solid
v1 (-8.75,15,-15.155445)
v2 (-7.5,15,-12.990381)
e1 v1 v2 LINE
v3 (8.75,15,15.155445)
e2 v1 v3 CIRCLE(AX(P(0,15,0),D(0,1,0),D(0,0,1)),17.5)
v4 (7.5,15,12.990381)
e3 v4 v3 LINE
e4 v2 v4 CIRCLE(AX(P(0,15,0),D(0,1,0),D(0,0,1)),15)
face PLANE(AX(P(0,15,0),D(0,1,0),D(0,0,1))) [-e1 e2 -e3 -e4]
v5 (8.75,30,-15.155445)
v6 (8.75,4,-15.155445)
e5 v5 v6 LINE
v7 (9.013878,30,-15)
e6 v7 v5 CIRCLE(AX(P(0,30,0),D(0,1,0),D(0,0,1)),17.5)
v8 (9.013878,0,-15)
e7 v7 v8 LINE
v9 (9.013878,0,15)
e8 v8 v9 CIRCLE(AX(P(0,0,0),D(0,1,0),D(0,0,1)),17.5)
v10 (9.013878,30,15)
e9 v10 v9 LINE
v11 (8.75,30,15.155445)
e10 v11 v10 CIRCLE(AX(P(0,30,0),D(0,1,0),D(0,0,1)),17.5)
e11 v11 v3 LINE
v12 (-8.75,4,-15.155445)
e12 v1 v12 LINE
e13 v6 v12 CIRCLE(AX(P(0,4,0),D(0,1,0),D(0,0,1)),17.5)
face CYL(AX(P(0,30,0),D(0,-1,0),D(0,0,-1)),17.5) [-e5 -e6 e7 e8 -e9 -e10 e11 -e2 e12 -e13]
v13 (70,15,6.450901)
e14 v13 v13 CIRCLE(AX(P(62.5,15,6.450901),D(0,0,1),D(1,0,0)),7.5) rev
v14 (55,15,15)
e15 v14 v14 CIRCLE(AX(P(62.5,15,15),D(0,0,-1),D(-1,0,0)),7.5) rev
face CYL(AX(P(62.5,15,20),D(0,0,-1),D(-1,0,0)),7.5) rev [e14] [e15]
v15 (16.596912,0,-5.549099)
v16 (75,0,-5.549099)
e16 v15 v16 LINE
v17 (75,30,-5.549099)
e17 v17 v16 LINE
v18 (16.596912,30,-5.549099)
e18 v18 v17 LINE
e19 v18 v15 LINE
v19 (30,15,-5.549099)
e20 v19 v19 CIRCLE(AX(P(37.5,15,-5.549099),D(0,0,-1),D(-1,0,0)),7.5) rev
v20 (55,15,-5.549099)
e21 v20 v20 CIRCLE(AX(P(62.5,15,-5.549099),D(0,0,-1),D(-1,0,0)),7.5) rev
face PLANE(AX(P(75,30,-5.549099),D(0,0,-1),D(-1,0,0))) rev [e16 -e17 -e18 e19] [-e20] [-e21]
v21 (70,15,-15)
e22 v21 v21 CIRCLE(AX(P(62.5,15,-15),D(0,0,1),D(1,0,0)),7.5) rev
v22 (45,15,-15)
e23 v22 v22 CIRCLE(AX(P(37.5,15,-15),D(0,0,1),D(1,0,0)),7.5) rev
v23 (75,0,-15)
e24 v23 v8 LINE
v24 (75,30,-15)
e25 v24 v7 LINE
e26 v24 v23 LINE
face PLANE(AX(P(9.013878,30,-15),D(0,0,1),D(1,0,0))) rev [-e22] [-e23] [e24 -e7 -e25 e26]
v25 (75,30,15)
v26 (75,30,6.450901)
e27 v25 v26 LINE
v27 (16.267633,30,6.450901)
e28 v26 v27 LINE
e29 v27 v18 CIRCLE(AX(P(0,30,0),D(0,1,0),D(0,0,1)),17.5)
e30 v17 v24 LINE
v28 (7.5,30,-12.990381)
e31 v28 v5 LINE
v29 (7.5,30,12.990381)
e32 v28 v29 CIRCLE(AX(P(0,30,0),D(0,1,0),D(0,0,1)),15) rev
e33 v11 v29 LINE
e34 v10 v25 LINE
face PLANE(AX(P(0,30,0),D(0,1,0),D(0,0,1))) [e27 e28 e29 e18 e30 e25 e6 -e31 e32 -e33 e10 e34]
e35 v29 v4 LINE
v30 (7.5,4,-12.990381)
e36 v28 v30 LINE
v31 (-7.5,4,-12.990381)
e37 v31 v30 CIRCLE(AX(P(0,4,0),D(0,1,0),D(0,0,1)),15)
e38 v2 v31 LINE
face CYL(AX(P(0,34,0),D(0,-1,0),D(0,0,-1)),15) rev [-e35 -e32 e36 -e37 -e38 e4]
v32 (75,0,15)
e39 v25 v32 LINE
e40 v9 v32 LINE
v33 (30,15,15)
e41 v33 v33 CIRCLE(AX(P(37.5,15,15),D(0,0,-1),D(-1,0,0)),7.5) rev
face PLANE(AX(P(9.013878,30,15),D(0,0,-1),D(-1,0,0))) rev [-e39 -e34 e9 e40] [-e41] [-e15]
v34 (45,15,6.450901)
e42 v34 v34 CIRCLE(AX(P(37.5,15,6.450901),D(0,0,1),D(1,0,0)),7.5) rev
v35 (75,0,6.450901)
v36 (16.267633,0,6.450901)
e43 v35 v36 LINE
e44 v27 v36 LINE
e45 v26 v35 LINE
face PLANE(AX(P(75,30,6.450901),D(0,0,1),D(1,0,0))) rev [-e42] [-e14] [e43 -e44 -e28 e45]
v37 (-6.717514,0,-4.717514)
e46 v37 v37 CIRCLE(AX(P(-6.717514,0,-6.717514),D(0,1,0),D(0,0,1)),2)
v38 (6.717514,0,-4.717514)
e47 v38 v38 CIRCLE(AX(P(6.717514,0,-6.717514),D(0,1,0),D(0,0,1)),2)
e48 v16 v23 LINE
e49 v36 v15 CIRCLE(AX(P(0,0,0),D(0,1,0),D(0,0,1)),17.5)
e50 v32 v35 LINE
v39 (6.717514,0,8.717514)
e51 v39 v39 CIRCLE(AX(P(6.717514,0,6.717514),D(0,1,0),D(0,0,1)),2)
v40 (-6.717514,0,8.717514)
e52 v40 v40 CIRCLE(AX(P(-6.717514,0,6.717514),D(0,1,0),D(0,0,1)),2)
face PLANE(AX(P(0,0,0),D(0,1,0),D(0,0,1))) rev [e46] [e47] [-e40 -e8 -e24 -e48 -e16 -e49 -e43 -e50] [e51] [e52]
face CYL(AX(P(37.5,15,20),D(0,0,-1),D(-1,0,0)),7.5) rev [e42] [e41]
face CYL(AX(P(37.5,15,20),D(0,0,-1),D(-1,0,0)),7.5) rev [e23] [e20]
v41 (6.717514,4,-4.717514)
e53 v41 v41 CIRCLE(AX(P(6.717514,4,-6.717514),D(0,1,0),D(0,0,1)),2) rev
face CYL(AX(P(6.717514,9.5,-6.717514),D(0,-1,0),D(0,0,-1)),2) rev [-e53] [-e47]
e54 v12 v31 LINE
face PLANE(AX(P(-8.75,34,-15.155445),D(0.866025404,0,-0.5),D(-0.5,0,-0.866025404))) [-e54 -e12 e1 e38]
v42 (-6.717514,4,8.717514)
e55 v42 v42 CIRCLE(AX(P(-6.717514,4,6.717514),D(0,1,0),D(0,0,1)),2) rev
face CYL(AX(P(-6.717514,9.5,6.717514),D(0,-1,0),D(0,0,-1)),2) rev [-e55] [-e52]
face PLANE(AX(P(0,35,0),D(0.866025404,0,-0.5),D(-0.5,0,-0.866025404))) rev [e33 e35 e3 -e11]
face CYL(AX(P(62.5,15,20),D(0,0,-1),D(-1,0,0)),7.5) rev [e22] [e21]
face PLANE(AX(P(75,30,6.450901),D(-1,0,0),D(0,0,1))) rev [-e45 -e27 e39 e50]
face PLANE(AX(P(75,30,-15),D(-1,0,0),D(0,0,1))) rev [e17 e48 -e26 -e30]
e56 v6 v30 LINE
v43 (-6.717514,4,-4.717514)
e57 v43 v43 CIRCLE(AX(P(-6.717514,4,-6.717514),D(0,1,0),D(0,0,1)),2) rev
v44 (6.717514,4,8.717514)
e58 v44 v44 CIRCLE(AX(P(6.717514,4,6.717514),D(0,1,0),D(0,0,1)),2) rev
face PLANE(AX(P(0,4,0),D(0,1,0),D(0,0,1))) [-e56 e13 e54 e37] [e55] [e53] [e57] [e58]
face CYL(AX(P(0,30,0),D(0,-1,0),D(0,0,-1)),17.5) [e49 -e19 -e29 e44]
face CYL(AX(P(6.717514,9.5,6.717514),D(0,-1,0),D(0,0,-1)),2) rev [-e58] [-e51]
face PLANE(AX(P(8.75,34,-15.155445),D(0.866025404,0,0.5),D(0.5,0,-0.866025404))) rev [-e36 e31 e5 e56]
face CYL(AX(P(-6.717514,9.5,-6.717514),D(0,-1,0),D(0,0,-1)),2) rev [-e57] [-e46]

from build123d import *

# Parameters (mm, degrees)
BOSS_EXTRUDE1_DEPTH     = 30
CUT_EXTRUDE1_START      = 4
CUT_EXTRUDE1_DEPTH      = 30
SKETCH3_R               = 2
CUT_EXTRUDE2_DEPTH      = 9.5
CUT_EXTRUDE3_START      = 15
CUT_EXTRUDE3_DEPTH      = 20
CUT_EXTRUDE4_DEPTH      = 20
CUT_EXTRUDE4_DEPTH_BACK = 20
SKETCH5_R               = 7.5


with BuildPart() as part:
    # Sketch1 → Boss-Extrude1 (new body)
    with BuildSketch(Plane(origin=(0, 0, 0), x_dir=(1, 0, 0), z_dir=(0, 1, 0))):
        with BuildLine():
            Line((9.013878189, 15), (75, 15))
            Line((75, 15), (75, 5.549099401))
            Line((75, 5.549099401), (16.596912238, 5.549099401))
            ThreePointArc((16.596912238, 5.549099401), (17.493415402, -0.480018296), (16.26763294, -6.450900599))
            Line((16.26763294, -6.450900599), (75, -6.450900599))
            Line((75, -6.450900599), (75, -15))
            Line((75, -15), (9.013878189, -15))
            ThreePointArc((9.013878189, -15), (-17.5, 0), (9.013878189, 15))
        make_face()
    extrude(amount=BOSS_EXTRUDE1_DEPTH)

    # Sketch2 → Cut-Extrude1 (cut)
    with BuildSketch(Plane(origin=(0, 0, 0), x_dir=(1, 0, 0), z_dir=(0, 1, 0)).offset(CUT_EXTRUDE1_START)):
        with BuildLine():
            Line((8.75, 15.155444566), (7.5, 12.990381057))
            ThreePointArc((7.5, 12.990381057), (0, -15), (-7.5, 12.990381057))
            Line((-7.5, 12.990381057), (-8.75, 15.155444566))
            ThreePointArc((-8.75, 15.155444566), (-4.529333289, 16.90370196), (0, 17.5))
            ThreePointArc((0, 17.5), (4.529333289, 16.90370196), (8.75, 15.155444566))
        make_face()
    extrude(amount=CUT_EXTRUDE1_DEPTH, mode=Mode.SUBTRACT)

    # Sketch3 → Cut-Extrude2 (cut)
    with BuildSketch(Plane(origin=(0, 0, 0), x_dir=(1, 0, 0), z_dir=(0, 1, 0))):
        with Locations(Location((6.717514421, 6.717514421, 0), (0, 0, 270))):
            Circle(SKETCH3_R)
        with Locations(Location((6.717514421, -6.717514421, 0), (0, 0, 270))):
            Circle(SKETCH3_R)
        with Locations(Location((-6.717514421, -6.717514421, 0), (0, 0, 270))):
            Circle(SKETCH3_R)
        with Locations(Location((-6.717514421, 6.717514421, 0), (0, 0, 270))):
            Circle(SKETCH3_R)
    extrude(amount=CUT_EXTRUDE2_DEPTH, mode=Mode.SUBTRACT)

    # Sketch4 → Cut-Extrude3 (cut)
    with BuildSketch(Plane(origin=(0, 0, 0), x_dir=(1, 0, 0), z_dir=(0, 1, 0)).offset(CUT_EXTRUDE3_START)):
        with BuildLine():
            Line((8.75, -15.155444566), (0, 0))
            Line((0, 0), (8.75, 15.155444566))
            ThreePointArc((8.75, 15.155444566), (-17.5, 0), (8.75, -15.155444566))
        make_face()
    extrude(amount=CUT_EXTRUDE3_DEPTH, mode=Mode.SUBTRACT)

    # Sketch5 → Cut-Extrude4 (cut, two sides: drawn at the far end of the back side and taken through both)
    with BuildSketch(Plane.XY.offset(-CUT_EXTRUDE4_DEPTH_BACK)):
        with Locations(Location((62.5, 15, 0), (0, 0, 180))):
            Circle(SKETCH5_R)
        with Locations(Location((37.5, 15, 0), (0, 0, 180))):
            Circle(SKETCH5_R)
    extrude(amount=CUT_EXTRUDE4_DEPTH + CUT_EXTRUDE4_DEPTH_BACK, mode=Mode.SUBTRACT)


solid = part.part
